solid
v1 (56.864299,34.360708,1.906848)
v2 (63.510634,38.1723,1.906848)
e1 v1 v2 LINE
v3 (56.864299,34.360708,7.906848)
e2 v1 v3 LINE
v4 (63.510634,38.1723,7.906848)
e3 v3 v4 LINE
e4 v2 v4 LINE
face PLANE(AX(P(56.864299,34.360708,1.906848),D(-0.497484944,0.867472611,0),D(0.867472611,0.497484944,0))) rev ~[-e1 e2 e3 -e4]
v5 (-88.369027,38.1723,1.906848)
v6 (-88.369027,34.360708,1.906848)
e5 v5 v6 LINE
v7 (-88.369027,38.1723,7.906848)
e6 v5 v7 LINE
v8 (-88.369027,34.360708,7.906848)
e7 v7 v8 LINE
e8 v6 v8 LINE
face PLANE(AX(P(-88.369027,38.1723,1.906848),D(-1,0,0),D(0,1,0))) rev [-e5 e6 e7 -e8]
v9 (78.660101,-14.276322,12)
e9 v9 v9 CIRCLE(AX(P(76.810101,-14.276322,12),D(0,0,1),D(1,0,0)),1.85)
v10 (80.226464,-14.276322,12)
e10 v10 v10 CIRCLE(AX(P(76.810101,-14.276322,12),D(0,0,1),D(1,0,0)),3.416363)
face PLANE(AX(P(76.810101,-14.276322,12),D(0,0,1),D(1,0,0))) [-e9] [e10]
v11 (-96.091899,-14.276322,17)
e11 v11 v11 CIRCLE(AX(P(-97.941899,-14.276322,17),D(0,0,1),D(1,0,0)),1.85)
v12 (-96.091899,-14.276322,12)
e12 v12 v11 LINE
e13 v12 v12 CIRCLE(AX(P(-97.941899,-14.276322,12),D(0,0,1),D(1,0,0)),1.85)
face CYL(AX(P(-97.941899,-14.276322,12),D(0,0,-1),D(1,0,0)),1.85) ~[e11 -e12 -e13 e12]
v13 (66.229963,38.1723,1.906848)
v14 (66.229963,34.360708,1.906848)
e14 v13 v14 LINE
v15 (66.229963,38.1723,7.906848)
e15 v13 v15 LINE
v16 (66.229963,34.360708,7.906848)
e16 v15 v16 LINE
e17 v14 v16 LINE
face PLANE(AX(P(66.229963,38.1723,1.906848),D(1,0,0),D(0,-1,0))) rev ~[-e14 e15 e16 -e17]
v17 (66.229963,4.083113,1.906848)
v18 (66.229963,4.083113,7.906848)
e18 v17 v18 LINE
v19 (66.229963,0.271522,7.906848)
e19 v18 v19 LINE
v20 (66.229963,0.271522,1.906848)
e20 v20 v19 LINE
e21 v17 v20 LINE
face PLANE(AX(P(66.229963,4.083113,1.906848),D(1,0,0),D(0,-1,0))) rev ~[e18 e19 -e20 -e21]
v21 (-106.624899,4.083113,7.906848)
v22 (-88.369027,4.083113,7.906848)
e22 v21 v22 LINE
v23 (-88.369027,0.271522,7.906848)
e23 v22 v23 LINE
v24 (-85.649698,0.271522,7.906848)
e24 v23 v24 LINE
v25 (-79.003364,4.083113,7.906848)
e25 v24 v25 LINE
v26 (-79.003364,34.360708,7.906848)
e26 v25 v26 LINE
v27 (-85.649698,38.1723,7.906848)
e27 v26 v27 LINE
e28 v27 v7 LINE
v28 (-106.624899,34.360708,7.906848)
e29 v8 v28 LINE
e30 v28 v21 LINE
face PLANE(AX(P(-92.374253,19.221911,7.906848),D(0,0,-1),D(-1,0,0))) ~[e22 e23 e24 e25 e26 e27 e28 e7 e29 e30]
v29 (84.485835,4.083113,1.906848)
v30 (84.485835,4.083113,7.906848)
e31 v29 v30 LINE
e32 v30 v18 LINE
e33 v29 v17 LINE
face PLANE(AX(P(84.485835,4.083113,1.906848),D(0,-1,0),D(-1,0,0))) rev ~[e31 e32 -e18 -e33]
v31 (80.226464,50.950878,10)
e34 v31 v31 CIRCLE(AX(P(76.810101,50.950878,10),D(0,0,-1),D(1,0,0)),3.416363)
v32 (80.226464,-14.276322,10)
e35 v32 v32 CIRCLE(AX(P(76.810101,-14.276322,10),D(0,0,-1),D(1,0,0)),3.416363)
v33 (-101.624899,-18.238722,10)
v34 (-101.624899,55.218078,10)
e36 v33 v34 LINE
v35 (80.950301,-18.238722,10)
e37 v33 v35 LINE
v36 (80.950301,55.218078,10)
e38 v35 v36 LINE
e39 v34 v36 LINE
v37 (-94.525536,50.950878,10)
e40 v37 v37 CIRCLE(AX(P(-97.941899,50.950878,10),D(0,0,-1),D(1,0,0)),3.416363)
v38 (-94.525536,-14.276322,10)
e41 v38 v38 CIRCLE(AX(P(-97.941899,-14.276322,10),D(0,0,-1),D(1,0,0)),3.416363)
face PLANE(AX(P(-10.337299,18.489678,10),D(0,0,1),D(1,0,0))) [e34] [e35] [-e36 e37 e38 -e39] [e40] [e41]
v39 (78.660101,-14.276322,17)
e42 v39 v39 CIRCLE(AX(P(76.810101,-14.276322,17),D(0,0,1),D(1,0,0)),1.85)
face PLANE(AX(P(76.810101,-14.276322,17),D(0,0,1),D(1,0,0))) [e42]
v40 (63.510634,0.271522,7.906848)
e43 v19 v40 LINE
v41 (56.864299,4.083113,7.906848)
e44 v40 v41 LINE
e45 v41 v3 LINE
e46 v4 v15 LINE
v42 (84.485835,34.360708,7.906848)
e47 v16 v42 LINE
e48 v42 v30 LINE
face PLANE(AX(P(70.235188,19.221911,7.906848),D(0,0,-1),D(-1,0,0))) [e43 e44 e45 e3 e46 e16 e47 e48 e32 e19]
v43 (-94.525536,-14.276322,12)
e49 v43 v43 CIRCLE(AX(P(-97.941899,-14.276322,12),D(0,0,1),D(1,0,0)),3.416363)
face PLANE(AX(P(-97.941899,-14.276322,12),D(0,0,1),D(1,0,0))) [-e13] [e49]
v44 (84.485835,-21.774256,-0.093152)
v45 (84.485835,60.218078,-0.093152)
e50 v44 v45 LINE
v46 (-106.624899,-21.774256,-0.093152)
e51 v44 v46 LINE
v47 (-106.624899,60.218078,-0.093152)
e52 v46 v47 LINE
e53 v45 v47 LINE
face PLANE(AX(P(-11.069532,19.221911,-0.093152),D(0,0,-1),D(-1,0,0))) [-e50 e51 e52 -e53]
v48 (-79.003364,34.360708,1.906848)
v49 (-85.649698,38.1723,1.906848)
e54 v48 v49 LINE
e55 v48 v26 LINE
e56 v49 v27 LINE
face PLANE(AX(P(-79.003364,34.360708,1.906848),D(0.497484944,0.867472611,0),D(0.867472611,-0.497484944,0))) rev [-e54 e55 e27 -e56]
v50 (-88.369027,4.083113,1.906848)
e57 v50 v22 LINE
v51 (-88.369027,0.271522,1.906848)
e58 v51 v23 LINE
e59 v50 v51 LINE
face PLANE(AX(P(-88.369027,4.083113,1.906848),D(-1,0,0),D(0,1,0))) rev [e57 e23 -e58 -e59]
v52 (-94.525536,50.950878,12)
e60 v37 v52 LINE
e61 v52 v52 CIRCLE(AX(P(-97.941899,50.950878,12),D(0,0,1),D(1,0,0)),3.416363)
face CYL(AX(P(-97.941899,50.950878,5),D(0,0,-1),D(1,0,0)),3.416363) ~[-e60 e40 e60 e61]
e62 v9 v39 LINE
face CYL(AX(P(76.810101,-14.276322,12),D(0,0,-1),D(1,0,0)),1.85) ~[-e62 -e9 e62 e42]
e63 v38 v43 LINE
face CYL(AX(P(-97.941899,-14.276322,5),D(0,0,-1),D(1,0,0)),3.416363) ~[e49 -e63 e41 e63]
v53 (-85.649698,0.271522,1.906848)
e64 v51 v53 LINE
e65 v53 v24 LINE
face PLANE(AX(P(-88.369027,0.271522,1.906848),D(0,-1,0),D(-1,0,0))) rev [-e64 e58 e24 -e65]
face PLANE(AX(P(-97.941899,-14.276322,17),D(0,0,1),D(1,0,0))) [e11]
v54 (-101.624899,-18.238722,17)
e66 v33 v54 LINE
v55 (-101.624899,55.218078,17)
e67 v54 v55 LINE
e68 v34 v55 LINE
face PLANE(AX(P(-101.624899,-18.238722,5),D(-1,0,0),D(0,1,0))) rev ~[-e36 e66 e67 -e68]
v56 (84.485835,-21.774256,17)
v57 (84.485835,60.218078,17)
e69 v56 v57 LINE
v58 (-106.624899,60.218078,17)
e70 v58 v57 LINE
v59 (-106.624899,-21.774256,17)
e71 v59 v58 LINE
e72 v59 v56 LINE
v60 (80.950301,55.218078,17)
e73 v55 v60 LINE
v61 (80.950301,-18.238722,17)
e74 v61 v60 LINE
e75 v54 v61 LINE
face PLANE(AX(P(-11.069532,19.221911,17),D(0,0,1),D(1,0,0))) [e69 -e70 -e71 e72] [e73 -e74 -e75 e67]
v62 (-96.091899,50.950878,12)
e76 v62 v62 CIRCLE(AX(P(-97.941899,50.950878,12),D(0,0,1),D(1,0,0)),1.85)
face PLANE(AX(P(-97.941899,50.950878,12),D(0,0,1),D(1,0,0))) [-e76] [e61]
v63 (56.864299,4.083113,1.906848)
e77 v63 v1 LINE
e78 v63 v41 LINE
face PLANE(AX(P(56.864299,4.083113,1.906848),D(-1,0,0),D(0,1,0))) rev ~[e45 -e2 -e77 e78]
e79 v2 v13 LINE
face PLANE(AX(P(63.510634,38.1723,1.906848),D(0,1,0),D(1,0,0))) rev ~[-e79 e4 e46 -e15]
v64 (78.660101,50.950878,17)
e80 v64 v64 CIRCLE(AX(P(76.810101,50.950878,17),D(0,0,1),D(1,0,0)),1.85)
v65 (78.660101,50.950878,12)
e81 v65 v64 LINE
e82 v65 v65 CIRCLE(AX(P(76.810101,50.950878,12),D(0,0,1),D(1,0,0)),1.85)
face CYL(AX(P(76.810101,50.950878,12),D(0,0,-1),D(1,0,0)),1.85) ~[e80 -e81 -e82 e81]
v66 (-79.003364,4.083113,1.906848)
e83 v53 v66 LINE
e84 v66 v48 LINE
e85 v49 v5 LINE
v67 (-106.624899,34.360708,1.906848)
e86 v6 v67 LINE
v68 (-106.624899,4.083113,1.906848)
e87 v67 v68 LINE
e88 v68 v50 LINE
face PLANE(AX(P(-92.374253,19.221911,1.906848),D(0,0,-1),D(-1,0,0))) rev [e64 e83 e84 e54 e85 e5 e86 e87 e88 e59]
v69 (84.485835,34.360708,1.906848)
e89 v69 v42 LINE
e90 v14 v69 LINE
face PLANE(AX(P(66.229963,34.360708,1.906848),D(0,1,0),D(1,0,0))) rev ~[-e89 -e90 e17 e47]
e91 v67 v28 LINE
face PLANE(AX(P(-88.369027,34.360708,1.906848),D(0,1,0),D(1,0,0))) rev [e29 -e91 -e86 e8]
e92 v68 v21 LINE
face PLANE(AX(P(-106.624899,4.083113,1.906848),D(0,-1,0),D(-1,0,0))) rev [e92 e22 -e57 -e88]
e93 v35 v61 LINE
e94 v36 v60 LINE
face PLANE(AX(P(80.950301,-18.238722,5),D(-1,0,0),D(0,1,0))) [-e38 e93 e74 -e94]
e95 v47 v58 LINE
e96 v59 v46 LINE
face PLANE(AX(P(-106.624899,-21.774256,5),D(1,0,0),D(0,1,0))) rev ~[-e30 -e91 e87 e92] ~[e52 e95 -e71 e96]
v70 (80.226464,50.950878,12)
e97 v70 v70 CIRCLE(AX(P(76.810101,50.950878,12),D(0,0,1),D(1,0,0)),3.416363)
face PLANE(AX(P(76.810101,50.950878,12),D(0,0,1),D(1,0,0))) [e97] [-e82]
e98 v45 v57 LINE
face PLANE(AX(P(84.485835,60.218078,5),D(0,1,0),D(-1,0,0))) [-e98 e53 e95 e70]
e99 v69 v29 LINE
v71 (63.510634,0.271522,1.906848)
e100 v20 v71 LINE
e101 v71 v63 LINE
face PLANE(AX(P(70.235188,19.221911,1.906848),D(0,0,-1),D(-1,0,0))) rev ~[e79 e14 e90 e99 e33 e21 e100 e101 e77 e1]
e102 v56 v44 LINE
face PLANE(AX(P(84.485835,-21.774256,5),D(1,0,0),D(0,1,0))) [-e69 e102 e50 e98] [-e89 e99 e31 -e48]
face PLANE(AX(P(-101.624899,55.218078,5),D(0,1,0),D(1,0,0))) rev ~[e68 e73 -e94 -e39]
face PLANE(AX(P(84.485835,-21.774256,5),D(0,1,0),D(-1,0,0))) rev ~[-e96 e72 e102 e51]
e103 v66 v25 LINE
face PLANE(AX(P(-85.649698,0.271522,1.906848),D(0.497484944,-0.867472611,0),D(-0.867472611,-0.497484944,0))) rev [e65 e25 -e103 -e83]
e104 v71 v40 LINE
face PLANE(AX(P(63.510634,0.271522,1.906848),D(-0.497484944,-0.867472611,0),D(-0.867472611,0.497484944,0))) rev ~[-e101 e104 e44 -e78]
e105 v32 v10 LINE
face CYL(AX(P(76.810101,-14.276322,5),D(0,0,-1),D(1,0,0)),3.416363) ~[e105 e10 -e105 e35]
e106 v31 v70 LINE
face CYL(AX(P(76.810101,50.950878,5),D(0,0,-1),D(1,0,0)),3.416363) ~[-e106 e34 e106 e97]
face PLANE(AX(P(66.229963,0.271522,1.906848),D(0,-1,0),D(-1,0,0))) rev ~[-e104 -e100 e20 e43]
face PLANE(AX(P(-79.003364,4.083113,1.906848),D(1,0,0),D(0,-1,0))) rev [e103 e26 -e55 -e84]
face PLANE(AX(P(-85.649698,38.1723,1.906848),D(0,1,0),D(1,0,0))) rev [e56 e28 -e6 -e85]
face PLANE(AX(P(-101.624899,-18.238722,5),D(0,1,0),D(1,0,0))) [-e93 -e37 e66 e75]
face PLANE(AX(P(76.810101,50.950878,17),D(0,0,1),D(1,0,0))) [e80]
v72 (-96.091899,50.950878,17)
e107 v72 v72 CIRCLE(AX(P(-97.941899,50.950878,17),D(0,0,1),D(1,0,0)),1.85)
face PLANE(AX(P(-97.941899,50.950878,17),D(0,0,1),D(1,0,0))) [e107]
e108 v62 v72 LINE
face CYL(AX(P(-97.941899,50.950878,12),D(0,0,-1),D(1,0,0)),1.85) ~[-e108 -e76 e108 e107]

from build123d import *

# Parameters (mm, degrees)
BOSS_EXTRUDE1_DEPTH      = 5
BOSS_EXTRUDE1_DEPTH_BACK = 0.093151617
SKETCH1_W                = 182.5752
SKETCH1_H                = 73.4568
SKETCH2_R                = 3.416363386
BOSS_EXTRUDE2_DEPTH      = 7
SKETCH3_R                = 1.85
BOSS_EXTRUDE3_DEPTH      = 5
SKETCH4_W                = 191.110733906
SKETCH4_H                = 81.992333906
SKETCH4_W_2              = 182.5752
SKETCH4_H_2              = 73.4568
BOSS_EXTRUDE4_DEPTH      = 12
SKETCH5_W                = 191.110733906
SKETCH5_H                = 81.992333906
BOSS_EXTRUDE5_DEPTH      = 5.093151617
SKETCH7_W                = 182.5752
SKETCH7_H                = 73.4568
BOSS_EXTRUDE7_DEPTH      = 5
CUT_EXTRUDE1_START       = -2
CUT_EXTRUDE1_DEPTH       = 6


with BuildPart() as part:
    # Sketch1 → Boss-Extrude1 (new, two sides: drawn at the far end of the back side and taken through both)
    with BuildSketch(Plane.XY.offset(-BOSS_EXTRUDE1_DEPTH_BACK)):
        with Locations((-10.337299282, 18.489677755)):
            Rectangle(SKETCH1_W, SKETCH1_H)
    extrude(amount=BOSS_EXTRUDE1_DEPTH + BOSS_EXTRUDE1_DEPTH_BACK)

    # Sketch2 → Boss-Extrude2 (add)
    with BuildSketch(Plane.XY.offset(5)):
        with Locations((-97.941899282, 50.950877755)):
            Circle(SKETCH2_R)
        with Locations((76.810100718, 50.950877755)):
            Circle(SKETCH2_R)
        with Locations((76.810100718, -14.276322245)):
            Circle(SKETCH2_R)
        with Locations((-97.941899282, -14.276322245)):
            Circle(SKETCH2_R)
    extrude(amount=BOSS_EXTRUDE2_DEPTH)

    # Sketch3 → Boss-Extrude3 (add)
    with BuildSketch(Plane.XY.offset(12)):
        with Locations((-97.941899282, 50.950877755)):
            Circle(SKETCH3_R)
        with Locations((-97.941899282, -14.276322245)):
            Circle(SKETCH3_R)
        with Locations((76.810100718, -14.276322245)):
            Circle(SKETCH3_R)
        with Locations((76.810100718, 50.950877755)):
            Circle(SKETCH3_R)
    extrude(amount=BOSS_EXTRUDE3_DEPTH)



with BuildPart() as body_2:
    # Sketch4 → Boss-Extrude4 (new body)
    with BuildSketch(Plane.XY.offset(5)):
        with Locations((-11.069532329, 19.221910802)):
            Rectangle(SKETCH4_W, SKETCH4_H)
        with Locations((-10.337299282, 18.489677755)):
            Rectangle(SKETCH4_W_2, SKETCH4_H_2, mode=Mode.SUBTRACT)
    extrude(amount=BOSS_EXTRUDE4_DEPTH)


with BuildPart() as part_1:
    add(part.part)

    add(body_2.part)  # Boss-Extrude5 merges body 2
    # Sketch5 → Boss-Extrude5 (add)
    with BuildSketch(Plane(origin=(0, 0, 5), x_dir=(-1, 0, 0), z_dir=(0, 0, -1))):
        with Locations((11.069532329, 19.221910802)):
            Rectangle(SKETCH5_W, SKETCH5_H)
    extrude(amount=BOSS_EXTRUDE5_DEPTH)

    # Sketch7 → Boss-Extrude7 (add)
    with BuildSketch(Plane.XY.offset(5)):
        with Locations((-10.337299282, 18.489677755)):
            Rectangle(SKETCH7_W, SKETCH7_H)
    extrude(amount=BOSS_EXTRUDE7_DEPTH)

    # Sketch6 → Cut-Extrude1 (cut)
    with BuildSketch(Plane(origin=(0, 0, -0.093151617), x_dir=(-1, 0, 0), z_dir=(0, 0, -1)).offset(CUT_EXTRUDE1_START)):
        Polygon((-84.485834624, 34.360708249), (-84.485834624, 4.083113354), (-66.229962778, 4.083113354), (-66.229962778, 0.271521895), (-63.510633591, 0.271521895), (-56.864299396, 4.083113354), (-56.864299396, 34.360708249), (-63.510633591, 38.172299708), (-66.229962778, 38.172299708), (-66.229962778, 34.360708249), align=None)
    cut_extrude1 = extrude(amount=-CUT_EXTRUDE1_DEPTH, mode=Mode.SUBTRACT)

    # Mirror1: Cut-Extrude1 across plane
    add(cut_extrude1.mirror(Plane(origin=(-11.069532329, 0, 0), x_dir=(0, 0, 1), z_dir=(1, 0, 0))), mode=Mode.SUBTRACT)


solid = part_1.part
